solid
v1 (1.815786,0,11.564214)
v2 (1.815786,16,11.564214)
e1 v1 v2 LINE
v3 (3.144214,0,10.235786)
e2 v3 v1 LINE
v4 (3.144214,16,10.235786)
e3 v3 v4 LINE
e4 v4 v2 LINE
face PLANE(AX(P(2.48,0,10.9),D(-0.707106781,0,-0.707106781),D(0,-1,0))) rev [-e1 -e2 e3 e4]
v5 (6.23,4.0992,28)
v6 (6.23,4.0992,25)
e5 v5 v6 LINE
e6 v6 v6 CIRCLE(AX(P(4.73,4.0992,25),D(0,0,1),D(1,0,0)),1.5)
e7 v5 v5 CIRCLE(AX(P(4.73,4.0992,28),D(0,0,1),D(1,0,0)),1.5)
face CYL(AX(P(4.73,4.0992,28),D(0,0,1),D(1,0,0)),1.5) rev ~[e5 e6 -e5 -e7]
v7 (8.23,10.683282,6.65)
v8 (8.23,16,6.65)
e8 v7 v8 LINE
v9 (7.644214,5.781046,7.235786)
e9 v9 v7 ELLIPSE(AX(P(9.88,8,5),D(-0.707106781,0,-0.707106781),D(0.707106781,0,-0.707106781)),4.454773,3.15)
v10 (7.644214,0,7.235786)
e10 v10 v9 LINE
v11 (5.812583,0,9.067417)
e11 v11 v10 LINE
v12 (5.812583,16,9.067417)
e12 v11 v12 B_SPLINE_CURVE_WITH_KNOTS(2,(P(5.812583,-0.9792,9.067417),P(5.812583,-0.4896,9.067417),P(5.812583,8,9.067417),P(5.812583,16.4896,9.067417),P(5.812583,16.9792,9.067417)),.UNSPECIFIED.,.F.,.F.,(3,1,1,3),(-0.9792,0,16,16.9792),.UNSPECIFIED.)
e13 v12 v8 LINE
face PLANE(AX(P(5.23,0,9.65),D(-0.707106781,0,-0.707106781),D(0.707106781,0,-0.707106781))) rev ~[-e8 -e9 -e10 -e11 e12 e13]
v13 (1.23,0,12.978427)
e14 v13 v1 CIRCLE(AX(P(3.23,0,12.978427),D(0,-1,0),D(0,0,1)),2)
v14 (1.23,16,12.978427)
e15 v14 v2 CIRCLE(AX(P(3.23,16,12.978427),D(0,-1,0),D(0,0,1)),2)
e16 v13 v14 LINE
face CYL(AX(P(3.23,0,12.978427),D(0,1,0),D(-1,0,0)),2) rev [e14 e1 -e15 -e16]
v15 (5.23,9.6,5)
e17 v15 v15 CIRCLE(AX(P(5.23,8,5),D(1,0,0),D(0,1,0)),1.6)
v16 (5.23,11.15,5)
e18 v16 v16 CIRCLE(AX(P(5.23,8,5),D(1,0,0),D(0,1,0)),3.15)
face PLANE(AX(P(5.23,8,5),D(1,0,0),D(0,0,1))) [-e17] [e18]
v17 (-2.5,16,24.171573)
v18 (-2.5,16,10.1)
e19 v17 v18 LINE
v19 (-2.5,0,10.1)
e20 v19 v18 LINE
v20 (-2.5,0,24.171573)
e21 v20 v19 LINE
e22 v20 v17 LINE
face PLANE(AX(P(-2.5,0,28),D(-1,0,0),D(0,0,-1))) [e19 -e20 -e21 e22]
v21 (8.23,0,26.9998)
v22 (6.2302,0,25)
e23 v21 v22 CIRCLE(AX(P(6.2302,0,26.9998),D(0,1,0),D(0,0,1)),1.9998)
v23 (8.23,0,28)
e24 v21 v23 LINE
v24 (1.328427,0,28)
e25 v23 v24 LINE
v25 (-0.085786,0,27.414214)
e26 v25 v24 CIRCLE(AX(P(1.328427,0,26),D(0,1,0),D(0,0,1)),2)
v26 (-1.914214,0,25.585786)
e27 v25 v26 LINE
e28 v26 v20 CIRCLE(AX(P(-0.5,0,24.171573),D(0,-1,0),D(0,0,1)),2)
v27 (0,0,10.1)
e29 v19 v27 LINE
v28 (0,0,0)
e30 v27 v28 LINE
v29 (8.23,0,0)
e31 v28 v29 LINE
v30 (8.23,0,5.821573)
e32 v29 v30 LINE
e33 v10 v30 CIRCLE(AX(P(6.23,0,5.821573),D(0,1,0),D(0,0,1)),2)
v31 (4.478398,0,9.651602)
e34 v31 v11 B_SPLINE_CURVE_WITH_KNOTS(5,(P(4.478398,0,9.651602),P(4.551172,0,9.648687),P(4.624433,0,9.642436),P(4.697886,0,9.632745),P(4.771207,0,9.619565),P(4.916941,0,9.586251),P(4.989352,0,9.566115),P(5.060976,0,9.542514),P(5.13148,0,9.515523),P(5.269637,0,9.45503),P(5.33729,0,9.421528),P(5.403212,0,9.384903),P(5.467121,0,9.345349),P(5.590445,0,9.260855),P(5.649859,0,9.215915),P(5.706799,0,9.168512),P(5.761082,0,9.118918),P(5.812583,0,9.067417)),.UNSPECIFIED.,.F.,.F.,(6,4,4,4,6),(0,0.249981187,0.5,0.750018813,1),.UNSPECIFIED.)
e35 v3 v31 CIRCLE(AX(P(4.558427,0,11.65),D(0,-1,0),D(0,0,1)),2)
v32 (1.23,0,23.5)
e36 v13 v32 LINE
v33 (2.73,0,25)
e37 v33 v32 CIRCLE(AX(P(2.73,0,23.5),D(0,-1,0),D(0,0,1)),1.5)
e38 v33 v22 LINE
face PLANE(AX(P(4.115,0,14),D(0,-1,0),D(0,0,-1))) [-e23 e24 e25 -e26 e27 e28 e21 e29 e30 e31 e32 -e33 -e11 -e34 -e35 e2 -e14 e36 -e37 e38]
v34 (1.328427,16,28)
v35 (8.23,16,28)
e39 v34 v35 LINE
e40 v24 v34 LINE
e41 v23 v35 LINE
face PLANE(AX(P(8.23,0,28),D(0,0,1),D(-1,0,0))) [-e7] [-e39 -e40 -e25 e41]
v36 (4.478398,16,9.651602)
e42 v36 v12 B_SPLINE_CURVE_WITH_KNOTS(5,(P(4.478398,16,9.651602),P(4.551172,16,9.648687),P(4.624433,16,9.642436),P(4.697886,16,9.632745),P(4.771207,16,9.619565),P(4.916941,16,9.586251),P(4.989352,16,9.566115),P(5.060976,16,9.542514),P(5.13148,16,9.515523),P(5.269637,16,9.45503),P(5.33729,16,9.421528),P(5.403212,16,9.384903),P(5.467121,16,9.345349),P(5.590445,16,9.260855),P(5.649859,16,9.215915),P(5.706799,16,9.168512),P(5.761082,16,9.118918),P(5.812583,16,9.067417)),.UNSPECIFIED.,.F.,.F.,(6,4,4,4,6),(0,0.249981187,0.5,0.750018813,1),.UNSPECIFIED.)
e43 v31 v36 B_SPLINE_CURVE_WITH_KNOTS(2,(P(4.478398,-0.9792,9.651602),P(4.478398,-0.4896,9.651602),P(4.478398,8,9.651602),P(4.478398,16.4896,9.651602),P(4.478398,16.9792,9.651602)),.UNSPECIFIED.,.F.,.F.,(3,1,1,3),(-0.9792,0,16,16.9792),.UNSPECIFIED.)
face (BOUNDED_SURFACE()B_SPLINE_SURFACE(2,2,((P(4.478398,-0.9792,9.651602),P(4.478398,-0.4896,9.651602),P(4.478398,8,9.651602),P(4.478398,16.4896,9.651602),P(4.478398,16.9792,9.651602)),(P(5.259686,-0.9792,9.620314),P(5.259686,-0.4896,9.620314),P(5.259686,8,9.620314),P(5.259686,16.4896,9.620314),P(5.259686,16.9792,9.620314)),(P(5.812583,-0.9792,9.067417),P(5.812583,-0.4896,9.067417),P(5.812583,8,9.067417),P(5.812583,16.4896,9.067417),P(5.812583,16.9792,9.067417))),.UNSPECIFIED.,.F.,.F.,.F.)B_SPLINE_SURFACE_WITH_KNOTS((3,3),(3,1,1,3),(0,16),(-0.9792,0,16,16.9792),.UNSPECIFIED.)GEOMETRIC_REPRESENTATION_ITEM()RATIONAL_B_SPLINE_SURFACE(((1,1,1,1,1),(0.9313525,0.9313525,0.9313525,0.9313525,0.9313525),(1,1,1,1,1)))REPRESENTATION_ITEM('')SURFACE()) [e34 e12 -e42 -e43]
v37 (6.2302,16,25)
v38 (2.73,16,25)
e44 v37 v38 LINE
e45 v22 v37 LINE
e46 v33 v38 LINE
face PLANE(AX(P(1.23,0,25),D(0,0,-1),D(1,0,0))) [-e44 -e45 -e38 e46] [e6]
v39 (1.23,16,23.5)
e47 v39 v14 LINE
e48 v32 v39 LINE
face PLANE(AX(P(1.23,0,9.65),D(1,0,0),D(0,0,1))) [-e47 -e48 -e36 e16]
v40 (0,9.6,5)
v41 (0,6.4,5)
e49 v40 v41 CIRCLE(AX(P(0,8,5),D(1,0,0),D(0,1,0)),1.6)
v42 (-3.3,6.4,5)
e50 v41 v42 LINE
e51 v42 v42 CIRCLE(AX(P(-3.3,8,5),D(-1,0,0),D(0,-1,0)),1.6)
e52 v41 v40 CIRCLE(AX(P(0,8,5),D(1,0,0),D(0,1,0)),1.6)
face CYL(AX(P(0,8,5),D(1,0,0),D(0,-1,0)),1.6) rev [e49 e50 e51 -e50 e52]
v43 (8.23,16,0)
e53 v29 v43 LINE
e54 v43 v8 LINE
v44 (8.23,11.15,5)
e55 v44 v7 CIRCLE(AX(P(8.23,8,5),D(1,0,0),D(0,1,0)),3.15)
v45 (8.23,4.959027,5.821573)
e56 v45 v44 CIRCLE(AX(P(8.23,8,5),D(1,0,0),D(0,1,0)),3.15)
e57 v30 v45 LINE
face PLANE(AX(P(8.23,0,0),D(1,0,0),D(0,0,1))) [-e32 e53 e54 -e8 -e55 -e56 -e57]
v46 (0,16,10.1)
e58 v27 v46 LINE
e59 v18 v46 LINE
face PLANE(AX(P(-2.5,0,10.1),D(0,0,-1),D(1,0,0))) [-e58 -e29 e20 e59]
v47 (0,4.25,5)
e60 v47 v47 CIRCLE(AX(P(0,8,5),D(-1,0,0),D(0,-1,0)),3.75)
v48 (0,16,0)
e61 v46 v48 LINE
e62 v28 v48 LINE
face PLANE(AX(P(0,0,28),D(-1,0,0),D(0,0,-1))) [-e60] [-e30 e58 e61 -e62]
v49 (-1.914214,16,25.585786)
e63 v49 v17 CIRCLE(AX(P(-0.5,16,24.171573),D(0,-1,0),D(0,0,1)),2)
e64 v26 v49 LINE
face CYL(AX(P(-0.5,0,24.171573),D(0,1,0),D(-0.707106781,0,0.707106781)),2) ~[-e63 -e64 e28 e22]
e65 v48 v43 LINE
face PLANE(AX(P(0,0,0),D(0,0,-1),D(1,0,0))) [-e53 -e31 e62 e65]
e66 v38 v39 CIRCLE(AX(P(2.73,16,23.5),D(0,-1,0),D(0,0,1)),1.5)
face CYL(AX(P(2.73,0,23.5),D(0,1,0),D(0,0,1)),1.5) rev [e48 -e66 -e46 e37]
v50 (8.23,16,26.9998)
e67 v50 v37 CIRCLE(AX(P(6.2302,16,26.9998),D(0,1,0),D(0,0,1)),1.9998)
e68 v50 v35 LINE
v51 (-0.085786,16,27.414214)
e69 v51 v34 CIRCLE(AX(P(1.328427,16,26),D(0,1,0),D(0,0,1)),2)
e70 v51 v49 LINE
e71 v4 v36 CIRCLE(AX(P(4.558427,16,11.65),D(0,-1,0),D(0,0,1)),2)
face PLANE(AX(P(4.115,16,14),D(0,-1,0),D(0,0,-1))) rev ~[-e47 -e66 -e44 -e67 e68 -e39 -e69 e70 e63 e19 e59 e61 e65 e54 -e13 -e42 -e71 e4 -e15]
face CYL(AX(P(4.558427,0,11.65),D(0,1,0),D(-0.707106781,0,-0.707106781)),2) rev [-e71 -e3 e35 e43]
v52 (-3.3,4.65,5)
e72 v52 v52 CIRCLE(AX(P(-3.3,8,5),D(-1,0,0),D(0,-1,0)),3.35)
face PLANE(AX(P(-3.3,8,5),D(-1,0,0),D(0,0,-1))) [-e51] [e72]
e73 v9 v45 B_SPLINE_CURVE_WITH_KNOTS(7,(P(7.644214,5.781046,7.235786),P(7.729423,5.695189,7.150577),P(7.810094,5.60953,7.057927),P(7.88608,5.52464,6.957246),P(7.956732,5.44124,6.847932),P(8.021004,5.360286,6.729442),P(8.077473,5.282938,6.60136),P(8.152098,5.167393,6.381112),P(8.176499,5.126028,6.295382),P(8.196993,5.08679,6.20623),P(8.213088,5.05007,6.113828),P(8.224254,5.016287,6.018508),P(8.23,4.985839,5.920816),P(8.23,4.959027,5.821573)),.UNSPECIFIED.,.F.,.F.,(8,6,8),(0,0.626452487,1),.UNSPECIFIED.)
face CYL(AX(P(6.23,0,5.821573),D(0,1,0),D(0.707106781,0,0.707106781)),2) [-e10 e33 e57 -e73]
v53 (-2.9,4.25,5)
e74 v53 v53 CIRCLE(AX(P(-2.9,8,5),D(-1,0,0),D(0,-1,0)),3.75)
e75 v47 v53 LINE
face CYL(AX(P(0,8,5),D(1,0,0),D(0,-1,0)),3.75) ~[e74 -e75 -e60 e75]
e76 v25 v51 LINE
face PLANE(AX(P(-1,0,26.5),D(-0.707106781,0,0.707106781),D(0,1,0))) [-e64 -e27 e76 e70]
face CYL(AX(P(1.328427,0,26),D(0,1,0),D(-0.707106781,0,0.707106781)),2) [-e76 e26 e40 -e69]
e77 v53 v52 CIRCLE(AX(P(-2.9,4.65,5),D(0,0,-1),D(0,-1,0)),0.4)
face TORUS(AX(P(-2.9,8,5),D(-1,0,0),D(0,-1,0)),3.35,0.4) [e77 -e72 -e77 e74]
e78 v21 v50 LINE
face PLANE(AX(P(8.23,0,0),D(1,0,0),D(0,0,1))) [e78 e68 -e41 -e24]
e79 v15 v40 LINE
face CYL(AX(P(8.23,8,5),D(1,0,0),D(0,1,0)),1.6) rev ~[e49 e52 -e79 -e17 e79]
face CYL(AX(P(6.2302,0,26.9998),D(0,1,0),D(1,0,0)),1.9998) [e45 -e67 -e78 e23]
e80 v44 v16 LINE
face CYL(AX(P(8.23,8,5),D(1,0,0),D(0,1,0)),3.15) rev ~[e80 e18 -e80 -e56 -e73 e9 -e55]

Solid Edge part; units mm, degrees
sketch "Sketch1" plane through (0, 0, 0) normal (0, -1, 0) x (1, 0, 0)
  line L0 (8.23, 0) -> (8.23, 28)
  line L1 (8.23, 28) -> (0, 28)
  line L2 (0, 28) -> (0, 0)
  line L3 (0, 0) -> (8.23, 0)
extrude "ExtrudedProtrusion_1" add sketch "Sketch1" against normal blind 16
sketch "Sketch2" plane through (8.23, 8, 10) normal (1, 0, 0) x (0, 1, 0)
  circle A0 centre (0, -5) radius 1.6
extrude "Cutout1" cut sketch "Sketch2" against normal up to next
sketch "Sketch3" plane through (8.23, 8, 10) normal (1, 0, 0) x (0, 1, 0)
  circle A0 centre (0, -5) radius 3.15
extrude "ExtrudedCutout_2" cut sketch "Sketch3" against normal blind 3
sketch "Sketch4" plane through (0, 8, 10) normal (-1, 0, 0) x (0, -1, 0)
  circle A0 centre (0, -5) radius 3.75
  circle A1 centre (0, -5) radius 1.6
extrude "ExtrudedProtrusion_2" add sketch "Sketch4" along normal blind 3.3
fillet "Round_1" radius 0.4 1 edges at (-3.3, 11.75, 5)
sketch "Sketch5" plane through (4.115, 0, 12.5) normal (0, -1, 0) x (1, 0, 0)
  line L0 (-2.885, 12.5) -> (4.115, 12.5)
  line L1 (4.115, 12.5) -> (4.115, -2.85)
  line L2 (4.115, -2.85) -> (-2.885, -2.85)
  line L3 (-2.885, -2.85) -> (-2.885, 12.5)
extrude "Cutout2" cut sketch "Sketch5" against normal up to next
sketch "Sketch6" plane through (4.115, 8, 28) normal (0, 0, 1) x (1, 0, 0)
  circle A0 centre (0.615, -3.9008) radius 1.5
extrude "ExtrudedCutout_5" cut sketch "Sketch6" against normal blind 8
sketch "Sketch7" plane through (4.115, 0, 12.5) normal (0, -1, 0) x (1, 0, 0)
  line L0 (-4.115, -2.4) -> (-4.115, 15.5)
  line L1 (-4.115, 15.5) -> (-6.615, 15.5)
  line L2 (-6.615, 15.5) -> (-6.615, -2.4)
  line L3 (-6.615, -2.4) -> (-4.115, -2.4)
extrude "ExtrudedProtrusion_3" add sketch "Sketch7" against normal blind 16
chamfer "Chamfer_1" distance 2.5 angle 45 1 edges at (1.23, 8, 9.65)
chamfer "Chamfer_2" distance 3 angle 45 1 edges at (8.23, 8, 9.65)
fillet "Round_4" radius 1.5 1 edges at (1.23, 8, 25)
chamfer "Chamfer_3" distance 3 angle 45 1 edges at (-2.5, 8, 28)
fillet "Round_5" radius 2 6 edges at (1.23, 8, 12.15) (3.73, 8, 9.65) (5.23, 8, 9.65) (8.23, 2.6584, 6.65) (0.5, 8, 28) (-2.5, 8, 25)
fillet "Round_6" radius 2 1 edges at (8.23, 8, 25)
properties material "PLA"
